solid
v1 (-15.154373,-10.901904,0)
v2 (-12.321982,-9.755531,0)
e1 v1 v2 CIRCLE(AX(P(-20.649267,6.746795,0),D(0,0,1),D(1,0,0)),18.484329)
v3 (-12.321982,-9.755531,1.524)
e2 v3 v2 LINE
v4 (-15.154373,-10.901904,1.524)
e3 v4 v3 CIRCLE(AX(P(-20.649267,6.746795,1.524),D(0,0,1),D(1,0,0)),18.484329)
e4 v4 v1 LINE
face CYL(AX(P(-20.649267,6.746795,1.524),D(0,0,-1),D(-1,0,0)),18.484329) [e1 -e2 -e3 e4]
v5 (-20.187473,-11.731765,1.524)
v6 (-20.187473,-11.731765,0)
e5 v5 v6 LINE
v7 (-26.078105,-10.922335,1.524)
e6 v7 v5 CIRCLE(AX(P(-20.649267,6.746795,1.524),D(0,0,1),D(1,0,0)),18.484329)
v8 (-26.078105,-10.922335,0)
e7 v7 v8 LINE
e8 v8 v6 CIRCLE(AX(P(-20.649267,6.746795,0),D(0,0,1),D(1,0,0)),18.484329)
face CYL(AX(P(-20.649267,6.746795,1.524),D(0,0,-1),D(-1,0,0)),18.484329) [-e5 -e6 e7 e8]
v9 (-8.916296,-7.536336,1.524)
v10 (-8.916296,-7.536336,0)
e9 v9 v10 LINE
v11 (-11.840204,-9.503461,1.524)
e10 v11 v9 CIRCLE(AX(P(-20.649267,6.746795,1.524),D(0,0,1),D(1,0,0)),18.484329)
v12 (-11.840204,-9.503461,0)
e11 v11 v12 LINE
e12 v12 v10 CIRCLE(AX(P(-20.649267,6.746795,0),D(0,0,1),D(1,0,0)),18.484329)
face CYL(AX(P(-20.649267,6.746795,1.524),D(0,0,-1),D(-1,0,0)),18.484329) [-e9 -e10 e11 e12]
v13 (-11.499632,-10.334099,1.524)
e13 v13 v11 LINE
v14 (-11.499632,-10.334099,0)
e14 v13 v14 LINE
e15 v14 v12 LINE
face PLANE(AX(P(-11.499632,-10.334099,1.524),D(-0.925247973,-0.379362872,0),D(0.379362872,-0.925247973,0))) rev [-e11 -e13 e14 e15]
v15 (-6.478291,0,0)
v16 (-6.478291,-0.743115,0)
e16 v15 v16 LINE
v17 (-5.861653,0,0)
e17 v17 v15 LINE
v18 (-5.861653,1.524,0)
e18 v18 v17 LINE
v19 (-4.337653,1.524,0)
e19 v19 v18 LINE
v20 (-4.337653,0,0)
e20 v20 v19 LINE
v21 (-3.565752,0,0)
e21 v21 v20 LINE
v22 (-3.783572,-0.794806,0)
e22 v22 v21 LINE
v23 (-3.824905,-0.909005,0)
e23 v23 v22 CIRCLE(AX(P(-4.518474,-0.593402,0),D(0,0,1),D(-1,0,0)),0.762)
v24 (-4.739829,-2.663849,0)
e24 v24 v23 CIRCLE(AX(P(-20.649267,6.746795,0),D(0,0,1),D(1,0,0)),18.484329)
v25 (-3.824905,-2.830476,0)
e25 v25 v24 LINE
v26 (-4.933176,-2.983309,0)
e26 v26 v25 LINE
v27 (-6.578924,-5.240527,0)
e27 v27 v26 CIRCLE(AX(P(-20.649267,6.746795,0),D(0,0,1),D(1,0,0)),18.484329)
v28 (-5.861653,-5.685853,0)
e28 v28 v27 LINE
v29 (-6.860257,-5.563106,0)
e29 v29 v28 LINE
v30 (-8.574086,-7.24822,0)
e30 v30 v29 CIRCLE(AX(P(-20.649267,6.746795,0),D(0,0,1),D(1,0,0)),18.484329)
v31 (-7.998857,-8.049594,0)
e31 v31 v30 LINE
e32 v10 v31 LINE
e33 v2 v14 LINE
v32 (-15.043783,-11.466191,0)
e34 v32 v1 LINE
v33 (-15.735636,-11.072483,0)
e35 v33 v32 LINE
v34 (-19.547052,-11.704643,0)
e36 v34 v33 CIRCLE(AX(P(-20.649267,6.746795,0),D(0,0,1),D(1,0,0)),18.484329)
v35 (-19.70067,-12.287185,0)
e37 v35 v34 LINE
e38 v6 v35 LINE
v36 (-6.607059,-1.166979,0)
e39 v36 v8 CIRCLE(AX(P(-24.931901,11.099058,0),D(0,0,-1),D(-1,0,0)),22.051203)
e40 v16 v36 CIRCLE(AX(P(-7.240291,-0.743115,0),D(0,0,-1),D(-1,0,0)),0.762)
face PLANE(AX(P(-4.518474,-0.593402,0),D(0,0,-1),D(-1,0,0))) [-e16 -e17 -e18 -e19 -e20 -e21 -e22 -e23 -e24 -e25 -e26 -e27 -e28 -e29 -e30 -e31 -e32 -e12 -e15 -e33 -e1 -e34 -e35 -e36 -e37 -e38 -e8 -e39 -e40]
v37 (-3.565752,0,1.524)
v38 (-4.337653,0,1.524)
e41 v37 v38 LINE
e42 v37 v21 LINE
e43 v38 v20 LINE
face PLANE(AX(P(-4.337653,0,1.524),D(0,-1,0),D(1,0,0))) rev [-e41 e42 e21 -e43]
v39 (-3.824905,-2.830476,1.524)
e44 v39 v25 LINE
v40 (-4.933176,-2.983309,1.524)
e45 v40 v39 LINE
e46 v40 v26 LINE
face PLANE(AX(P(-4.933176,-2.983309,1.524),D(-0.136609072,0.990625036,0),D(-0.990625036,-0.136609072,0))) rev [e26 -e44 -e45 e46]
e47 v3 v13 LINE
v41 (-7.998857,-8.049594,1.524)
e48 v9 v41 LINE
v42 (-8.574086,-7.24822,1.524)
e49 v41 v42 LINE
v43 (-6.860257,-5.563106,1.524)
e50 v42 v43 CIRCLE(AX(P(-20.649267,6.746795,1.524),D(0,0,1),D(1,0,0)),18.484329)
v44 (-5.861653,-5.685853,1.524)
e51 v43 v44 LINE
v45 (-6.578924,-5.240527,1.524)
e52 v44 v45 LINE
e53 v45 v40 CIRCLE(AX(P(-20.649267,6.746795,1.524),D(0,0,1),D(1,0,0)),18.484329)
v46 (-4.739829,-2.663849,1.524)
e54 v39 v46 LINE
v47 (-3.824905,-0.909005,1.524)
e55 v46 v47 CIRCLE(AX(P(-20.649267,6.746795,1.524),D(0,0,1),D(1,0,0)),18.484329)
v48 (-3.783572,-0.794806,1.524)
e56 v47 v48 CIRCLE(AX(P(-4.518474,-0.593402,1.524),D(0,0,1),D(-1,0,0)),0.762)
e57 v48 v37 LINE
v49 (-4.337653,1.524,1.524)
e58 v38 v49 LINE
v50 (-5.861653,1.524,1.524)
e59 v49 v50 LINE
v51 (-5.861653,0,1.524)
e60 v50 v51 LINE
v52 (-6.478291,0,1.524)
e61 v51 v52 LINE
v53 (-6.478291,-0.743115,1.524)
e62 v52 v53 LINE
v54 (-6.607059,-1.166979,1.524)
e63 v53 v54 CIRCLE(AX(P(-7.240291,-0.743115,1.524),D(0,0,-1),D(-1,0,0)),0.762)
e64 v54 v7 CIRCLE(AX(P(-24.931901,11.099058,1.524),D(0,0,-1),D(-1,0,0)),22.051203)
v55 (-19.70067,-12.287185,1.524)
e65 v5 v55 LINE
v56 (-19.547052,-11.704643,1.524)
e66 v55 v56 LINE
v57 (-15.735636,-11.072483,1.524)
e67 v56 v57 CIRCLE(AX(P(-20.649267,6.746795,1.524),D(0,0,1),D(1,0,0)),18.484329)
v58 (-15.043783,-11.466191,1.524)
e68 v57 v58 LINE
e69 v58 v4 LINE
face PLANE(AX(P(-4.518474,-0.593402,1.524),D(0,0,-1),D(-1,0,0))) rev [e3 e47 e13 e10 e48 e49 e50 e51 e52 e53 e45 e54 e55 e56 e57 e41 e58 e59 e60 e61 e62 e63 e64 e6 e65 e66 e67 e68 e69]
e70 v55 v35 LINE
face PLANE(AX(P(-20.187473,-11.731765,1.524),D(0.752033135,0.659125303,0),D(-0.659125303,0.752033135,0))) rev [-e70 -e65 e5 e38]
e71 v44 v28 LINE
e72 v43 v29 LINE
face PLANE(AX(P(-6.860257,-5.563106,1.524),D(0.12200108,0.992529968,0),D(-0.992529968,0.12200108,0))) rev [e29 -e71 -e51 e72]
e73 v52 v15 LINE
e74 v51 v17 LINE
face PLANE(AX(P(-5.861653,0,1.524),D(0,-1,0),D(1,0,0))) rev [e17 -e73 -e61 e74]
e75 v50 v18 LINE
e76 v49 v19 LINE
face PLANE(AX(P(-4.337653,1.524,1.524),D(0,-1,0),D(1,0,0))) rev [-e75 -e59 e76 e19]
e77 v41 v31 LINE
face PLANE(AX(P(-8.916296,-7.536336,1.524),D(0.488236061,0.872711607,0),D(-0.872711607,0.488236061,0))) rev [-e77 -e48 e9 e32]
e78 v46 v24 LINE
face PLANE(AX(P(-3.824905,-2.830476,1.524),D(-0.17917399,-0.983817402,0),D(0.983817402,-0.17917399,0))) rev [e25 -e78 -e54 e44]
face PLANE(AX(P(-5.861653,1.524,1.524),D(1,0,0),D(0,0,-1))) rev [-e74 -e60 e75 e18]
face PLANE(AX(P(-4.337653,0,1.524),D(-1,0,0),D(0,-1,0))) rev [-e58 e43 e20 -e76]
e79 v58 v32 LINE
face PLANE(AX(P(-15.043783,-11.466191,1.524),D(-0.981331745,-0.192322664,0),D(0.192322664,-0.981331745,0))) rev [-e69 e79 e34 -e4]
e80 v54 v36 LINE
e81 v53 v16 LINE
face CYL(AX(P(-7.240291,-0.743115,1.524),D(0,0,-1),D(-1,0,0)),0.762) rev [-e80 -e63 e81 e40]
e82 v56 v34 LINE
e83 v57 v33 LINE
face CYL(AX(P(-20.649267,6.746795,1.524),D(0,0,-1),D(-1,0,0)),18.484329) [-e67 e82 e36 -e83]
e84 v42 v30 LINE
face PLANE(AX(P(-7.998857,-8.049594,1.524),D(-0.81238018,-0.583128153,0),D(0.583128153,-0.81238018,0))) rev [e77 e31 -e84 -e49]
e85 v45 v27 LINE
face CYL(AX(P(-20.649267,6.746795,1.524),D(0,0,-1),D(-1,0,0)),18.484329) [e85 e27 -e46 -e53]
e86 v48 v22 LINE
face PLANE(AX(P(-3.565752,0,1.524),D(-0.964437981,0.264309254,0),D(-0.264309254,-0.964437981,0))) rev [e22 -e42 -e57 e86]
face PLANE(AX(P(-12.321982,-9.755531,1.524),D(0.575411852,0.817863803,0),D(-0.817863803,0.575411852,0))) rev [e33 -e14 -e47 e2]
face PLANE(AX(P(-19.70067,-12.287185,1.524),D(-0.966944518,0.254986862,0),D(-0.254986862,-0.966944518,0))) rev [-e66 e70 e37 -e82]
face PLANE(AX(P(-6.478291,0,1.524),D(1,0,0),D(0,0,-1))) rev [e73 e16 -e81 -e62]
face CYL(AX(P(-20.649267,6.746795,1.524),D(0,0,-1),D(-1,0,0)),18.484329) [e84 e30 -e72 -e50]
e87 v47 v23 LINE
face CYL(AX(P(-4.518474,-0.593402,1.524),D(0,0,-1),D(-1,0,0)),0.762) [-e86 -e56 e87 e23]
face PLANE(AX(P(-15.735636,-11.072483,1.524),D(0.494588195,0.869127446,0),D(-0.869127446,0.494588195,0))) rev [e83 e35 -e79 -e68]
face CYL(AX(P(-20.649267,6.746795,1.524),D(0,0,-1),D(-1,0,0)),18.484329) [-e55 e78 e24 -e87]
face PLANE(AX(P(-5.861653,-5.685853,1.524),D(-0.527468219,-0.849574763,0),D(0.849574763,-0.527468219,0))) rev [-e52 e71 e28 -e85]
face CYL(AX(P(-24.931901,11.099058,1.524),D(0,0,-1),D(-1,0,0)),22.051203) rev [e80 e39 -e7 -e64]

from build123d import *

# Parameters (mm, degrees)
BOSS_EXTRUDE1_DEPTH = 1.524


with BuildPart() as part:
    # Sketch1 → Boss-Extrude1 (new body)
    with BuildSketch(Plane.XY):
        with BuildLine():
            Line((-4.3376529, 0), (-4.3376529, 1.524))
            Line((-4.3376529, 1.524), (-5.8616529, 1.524))
            Line((-5.8616529, 1.524), (-5.8616529, 0))
            Line((-5.8616529, 0), (-6.478290939, 0))
            Line((-6.478290939, 0), (-6.478290939, -0.743115039))
            ThreePointArc((-6.478290939, -0.743115039), (-6.511193249, -0.964611222), (-6.60705881, -1.166979488))
            ThreePointArc((-6.60705881, -1.166979488), (-15.054242265, -8.616097958), (-26.078104852, -10.922334716))
            ThreePointArc((-26.078104852, -10.922334716), (-23.165548821, -11.565461887), (-20.18747251, -11.731764839))
            Line((-20.18747251, -11.731764839), (-19.700670178, -12.287185002))
            Line((-19.700670178, -12.287185002), (-19.547051581, -11.704642596))
            ThreePointArc((-19.547051581, -11.704642596), (-17.624782342, -11.488416043), (-15.735636356, -11.072482882))
            Line((-15.735636356, -11.072482882), (-15.043782744, -11.466191113))
            Line((-15.043782744, -11.466191113), (-15.154372523, -10.901903689))
            ThreePointArc((-15.154372523, -10.901903689), (-13.71444875, -10.38734424), (-12.321981989, -9.755530806))
            Line((-12.321981989, -9.755530806), (-11.499632126, -10.334098846))
            Line((-11.499632126, -10.334098846), (-11.840203527, -9.503461421))
            ThreePointArc((-11.840203527, -9.503461421), (-10.331263681, -8.589737909), (-8.916295851, -7.536335727))
            Line((-8.916295851, -7.536335727), (-7.998857494, -8.049594043))
            Line((-7.998857494, -8.049594043), (-8.574085726, -7.248219572))
            ThreePointArc((-8.574085726, -7.248219572), (-7.68975334, -6.433548021), (-6.860257429, -5.563105582))
            Line((-6.860257429, -5.563105582), (-5.8616529, -5.685853343))
            Line((-5.8616529, -5.685853343), (-6.578924281, -5.240527193))
            ThreePointArc((-6.578924281, -5.240527193), (-5.71334828, -4.14305213), (-4.933175939, -2.983308863))
            Line((-4.933175939, -2.983308863), (-3.82490487, -2.830476181))
            Line((-3.82490487, -2.830476181), (-4.739829013, -2.663849113))
            ThreePointArc((-4.739829013, -2.663849113), (-4.258864728, -1.798680626), (-3.82490487, -0.909005407))
            ThreePointArc((-3.82490487, -0.909005407), (-3.801959849, -0.852730225), (-3.783572445, -0.794805504))
            Line((-3.783572445, -0.794805504), (-3.565751855, 0))
            Line((-3.565751855, 0), (-4.3376529, 0))
        make_face()
    extrude(amount=BOSS_EXTRUDE1_DEPTH)


solid = part.part
